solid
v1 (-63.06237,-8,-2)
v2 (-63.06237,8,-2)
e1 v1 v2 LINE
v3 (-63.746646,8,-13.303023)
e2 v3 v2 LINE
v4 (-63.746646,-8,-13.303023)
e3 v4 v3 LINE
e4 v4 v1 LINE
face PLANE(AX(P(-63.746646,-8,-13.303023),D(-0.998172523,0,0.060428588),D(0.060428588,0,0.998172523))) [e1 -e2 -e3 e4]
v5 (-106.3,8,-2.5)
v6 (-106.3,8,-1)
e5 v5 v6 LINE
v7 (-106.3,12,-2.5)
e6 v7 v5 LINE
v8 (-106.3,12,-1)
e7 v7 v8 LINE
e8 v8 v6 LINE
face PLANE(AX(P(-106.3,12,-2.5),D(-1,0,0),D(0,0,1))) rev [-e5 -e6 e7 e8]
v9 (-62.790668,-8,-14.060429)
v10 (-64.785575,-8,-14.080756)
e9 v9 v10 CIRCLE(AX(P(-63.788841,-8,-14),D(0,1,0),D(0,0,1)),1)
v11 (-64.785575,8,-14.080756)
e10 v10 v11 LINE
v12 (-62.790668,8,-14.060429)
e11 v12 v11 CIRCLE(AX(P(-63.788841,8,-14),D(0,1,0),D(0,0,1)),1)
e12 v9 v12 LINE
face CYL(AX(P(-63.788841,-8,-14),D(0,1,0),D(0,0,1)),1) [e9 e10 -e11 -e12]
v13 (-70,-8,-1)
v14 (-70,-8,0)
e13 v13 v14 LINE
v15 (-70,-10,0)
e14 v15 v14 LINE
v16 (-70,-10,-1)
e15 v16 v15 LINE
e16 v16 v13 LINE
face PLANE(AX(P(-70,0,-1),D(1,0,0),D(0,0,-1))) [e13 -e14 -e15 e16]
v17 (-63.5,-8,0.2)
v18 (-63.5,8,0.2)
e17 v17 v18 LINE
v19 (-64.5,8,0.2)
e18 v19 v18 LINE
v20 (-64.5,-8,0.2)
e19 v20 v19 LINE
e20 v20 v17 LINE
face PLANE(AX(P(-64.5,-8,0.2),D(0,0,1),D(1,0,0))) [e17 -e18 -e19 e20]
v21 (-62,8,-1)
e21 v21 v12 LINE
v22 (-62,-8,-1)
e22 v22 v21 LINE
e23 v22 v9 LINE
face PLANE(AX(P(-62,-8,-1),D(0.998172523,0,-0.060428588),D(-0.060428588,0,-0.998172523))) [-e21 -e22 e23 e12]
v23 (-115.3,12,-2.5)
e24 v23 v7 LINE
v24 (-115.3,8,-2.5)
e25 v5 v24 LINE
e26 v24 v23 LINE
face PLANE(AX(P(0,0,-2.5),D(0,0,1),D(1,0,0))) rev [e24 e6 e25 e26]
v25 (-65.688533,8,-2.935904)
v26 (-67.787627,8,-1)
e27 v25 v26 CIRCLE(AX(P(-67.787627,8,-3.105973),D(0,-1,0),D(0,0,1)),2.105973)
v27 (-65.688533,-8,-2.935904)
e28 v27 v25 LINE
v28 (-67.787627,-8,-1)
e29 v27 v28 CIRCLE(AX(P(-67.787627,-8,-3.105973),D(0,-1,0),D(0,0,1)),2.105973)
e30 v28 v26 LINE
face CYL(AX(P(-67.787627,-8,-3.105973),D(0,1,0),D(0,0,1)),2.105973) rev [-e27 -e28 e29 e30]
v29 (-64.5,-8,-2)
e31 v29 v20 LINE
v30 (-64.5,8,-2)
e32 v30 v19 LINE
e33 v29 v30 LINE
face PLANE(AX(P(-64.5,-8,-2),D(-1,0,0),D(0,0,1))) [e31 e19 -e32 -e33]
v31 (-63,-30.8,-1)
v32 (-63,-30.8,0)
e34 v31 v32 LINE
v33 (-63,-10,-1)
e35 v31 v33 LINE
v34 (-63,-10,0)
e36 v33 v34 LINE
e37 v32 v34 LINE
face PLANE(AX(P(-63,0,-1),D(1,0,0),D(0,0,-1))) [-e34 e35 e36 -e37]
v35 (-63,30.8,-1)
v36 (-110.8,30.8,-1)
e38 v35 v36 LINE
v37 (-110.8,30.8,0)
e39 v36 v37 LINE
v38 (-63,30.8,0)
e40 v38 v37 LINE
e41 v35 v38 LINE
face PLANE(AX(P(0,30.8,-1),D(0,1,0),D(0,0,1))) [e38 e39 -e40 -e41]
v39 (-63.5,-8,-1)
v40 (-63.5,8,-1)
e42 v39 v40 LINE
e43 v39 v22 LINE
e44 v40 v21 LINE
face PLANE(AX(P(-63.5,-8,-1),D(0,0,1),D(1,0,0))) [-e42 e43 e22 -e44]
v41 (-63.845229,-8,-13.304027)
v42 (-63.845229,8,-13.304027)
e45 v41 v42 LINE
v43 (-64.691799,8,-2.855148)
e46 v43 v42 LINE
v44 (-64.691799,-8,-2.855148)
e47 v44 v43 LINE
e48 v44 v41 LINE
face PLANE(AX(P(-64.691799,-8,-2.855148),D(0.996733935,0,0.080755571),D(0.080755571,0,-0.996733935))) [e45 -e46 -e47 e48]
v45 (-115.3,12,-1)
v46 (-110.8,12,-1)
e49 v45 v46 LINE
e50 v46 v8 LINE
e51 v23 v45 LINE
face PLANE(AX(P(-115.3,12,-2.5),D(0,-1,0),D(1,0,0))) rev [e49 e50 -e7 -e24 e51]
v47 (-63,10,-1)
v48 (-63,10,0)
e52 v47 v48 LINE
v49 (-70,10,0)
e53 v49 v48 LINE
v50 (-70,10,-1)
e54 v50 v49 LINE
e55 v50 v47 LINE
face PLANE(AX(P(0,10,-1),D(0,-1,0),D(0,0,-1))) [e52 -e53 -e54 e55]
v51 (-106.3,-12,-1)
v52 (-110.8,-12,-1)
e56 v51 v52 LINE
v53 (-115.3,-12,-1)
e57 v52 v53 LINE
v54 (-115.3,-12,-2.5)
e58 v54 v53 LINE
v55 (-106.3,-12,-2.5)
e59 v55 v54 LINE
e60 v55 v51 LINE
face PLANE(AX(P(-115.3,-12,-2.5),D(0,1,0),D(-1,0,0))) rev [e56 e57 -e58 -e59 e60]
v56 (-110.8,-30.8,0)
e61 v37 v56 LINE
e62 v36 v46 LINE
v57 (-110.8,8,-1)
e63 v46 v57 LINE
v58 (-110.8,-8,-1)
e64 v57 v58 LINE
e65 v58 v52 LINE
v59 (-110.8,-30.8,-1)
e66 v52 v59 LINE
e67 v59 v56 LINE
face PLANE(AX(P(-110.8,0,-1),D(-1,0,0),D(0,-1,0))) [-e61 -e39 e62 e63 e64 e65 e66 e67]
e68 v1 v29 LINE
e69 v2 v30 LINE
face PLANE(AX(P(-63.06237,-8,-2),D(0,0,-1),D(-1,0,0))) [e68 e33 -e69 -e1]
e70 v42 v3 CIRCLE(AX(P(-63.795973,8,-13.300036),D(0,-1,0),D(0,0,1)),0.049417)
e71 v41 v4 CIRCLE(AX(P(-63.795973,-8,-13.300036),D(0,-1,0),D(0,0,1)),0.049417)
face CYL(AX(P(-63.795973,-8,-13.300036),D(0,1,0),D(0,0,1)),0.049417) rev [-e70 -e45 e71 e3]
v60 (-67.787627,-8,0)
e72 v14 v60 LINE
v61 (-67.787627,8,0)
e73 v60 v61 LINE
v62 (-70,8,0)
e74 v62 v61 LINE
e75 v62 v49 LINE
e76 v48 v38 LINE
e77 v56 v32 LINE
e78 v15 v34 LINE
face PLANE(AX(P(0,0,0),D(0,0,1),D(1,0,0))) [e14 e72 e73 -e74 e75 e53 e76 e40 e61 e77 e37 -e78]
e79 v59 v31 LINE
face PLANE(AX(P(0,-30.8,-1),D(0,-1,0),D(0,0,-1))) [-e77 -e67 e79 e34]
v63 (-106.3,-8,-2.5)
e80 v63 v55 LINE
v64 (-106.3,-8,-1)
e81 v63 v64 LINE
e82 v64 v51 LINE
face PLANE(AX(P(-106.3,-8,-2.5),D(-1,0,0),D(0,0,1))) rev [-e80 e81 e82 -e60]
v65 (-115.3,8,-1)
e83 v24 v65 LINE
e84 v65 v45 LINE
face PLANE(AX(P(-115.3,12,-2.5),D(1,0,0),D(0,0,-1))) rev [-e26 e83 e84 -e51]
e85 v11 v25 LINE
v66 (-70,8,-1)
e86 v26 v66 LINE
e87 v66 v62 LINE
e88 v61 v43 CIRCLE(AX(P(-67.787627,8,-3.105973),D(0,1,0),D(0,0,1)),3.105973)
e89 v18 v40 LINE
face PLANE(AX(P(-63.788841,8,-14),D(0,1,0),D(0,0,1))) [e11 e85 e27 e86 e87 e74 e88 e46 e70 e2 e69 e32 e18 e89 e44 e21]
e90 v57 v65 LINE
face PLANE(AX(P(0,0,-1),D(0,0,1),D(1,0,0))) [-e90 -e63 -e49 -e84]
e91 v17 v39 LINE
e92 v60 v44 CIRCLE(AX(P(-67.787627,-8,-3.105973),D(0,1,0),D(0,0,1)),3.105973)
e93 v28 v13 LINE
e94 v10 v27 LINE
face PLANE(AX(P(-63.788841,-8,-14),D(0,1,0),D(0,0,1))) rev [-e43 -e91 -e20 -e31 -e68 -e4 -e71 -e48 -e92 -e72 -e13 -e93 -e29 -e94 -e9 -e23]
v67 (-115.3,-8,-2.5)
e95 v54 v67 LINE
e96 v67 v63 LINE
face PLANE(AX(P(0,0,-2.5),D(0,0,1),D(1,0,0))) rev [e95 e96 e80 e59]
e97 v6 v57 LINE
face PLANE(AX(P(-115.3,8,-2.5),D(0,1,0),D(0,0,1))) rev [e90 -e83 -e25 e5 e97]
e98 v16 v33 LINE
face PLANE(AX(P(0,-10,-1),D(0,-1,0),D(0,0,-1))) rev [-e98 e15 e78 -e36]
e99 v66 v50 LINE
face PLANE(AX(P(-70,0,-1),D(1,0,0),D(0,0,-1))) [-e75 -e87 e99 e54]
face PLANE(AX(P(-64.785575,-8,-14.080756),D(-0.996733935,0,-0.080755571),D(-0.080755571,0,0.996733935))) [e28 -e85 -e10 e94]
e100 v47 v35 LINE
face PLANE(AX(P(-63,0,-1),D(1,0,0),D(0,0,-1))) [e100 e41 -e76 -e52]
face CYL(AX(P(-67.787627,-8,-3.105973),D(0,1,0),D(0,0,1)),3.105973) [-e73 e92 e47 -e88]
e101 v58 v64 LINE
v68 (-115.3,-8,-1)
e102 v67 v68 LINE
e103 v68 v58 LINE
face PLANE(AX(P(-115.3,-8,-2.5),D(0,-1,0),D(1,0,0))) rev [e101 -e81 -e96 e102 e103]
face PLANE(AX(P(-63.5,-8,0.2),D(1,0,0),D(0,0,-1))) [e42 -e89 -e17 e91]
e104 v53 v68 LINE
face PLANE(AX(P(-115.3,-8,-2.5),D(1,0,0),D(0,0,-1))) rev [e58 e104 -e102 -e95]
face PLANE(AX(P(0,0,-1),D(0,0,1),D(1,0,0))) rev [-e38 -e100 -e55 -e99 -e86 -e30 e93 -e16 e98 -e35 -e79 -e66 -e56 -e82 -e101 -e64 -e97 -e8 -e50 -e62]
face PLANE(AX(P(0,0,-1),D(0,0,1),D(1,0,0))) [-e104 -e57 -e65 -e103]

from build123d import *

# Parameters (mm, degrees)
BOSS_EXTRUDE1_DEPTH      = 1
SKETCH2_W                = 9
SKETCH2_H                = 4
BOSS_EXTRUDE2_DEPTH      = 1.5
BOSS_EXTRUDE5_DEPTH      = 8
BOSS_EXTRUDE5_DEPTH_BACK = 8


with BuildPart() as part:
    # Sketch1 → Boss-Extrude1 (new body)
    with BuildSketch(Plane.XY):
        Polygon((-63, -10), (-70, -10), (-70, 10), (-63, 10), (-63, 30.8), (-110.8, 30.8), (-110.8, -30.8), (-63, -30.8), align=None)
    extrude(amount=-BOSS_EXTRUDE1_DEPTH)

    # Sketch2 → Boss-Extrude2 (add)
    with BuildSketch(Plane(origin=(0, 0, -1), x_dir=(-1, 0, 0), z_dir=(0, 0, -1))):
        with Locations((110.8, -10)):
            Rectangle(SKETCH2_W, SKETCH2_H)
        with Locations((110.8, 10)):
            Rectangle(SKETCH2_W, SKETCH2_H)
    extrude(amount=BOSS_EXTRUDE2_DEPTH)

    # Sketch4 → Boss-Extrude5 (add, two sides: drawn at the far end of the back side and taken through both)
    with BuildSketch(Plane(origin=(0, 0, 0), x_dir=(1, 0, 0), z_dir=(0, 1, 0)).offset(-BOSS_EXTRUDE5_DEPTH_BACK)):
        with BuildLine():
            Line((-63.746646239, 13.303022537), (-63.062370045, 2))
            Line((-63.062370045, 2), (-64.5, 2))
            Line((-64.5, 2), (-64.5, -0.2))
            Line((-64.5, -0.2), (-63.5, -0.2))
            Line((-63.5, -0.2), (-63.5, 1))
            Line((-63.5, 1), (-62, 1))
            Line((-62, 1), (-62.790668189, 14.060428588))
            ThreePointArc((-62.790668189, 14.060428588), (-63.7786518, 14.999948092), (-64.785574648, 14.080755571))
            Line((-64.785574648, 14.080755571), (-65.688532626, 2.935903953))
            ThreePointArc((-65.688532626, 2.935903953), (-66.359873651, 1.557863976), (-67.787627389, 1))
            Line((-67.787627389, 1), (-70, 1))
            Line((-70, 1), (-70, 0))
            Line((-70, 0), (-67.787627389, 0))
            ThreePointArc((-67.787627389, 0), (-65.681919218, 0.822760048), (-64.691798691, 2.855148382))
            Line((-64.691798691, 2.855148382), (-63.845228573, 13.304027036))
            ThreePointArc((-63.845228573, 13.304027036), (-63.795469446, 13.349450792), (-63.746646239, 13.303022537))
        make_face()
    extrude(amount=BOSS_EXTRUDE5_DEPTH + BOSS_EXTRUDE5_DEPTH_BACK)


solid = part.part
